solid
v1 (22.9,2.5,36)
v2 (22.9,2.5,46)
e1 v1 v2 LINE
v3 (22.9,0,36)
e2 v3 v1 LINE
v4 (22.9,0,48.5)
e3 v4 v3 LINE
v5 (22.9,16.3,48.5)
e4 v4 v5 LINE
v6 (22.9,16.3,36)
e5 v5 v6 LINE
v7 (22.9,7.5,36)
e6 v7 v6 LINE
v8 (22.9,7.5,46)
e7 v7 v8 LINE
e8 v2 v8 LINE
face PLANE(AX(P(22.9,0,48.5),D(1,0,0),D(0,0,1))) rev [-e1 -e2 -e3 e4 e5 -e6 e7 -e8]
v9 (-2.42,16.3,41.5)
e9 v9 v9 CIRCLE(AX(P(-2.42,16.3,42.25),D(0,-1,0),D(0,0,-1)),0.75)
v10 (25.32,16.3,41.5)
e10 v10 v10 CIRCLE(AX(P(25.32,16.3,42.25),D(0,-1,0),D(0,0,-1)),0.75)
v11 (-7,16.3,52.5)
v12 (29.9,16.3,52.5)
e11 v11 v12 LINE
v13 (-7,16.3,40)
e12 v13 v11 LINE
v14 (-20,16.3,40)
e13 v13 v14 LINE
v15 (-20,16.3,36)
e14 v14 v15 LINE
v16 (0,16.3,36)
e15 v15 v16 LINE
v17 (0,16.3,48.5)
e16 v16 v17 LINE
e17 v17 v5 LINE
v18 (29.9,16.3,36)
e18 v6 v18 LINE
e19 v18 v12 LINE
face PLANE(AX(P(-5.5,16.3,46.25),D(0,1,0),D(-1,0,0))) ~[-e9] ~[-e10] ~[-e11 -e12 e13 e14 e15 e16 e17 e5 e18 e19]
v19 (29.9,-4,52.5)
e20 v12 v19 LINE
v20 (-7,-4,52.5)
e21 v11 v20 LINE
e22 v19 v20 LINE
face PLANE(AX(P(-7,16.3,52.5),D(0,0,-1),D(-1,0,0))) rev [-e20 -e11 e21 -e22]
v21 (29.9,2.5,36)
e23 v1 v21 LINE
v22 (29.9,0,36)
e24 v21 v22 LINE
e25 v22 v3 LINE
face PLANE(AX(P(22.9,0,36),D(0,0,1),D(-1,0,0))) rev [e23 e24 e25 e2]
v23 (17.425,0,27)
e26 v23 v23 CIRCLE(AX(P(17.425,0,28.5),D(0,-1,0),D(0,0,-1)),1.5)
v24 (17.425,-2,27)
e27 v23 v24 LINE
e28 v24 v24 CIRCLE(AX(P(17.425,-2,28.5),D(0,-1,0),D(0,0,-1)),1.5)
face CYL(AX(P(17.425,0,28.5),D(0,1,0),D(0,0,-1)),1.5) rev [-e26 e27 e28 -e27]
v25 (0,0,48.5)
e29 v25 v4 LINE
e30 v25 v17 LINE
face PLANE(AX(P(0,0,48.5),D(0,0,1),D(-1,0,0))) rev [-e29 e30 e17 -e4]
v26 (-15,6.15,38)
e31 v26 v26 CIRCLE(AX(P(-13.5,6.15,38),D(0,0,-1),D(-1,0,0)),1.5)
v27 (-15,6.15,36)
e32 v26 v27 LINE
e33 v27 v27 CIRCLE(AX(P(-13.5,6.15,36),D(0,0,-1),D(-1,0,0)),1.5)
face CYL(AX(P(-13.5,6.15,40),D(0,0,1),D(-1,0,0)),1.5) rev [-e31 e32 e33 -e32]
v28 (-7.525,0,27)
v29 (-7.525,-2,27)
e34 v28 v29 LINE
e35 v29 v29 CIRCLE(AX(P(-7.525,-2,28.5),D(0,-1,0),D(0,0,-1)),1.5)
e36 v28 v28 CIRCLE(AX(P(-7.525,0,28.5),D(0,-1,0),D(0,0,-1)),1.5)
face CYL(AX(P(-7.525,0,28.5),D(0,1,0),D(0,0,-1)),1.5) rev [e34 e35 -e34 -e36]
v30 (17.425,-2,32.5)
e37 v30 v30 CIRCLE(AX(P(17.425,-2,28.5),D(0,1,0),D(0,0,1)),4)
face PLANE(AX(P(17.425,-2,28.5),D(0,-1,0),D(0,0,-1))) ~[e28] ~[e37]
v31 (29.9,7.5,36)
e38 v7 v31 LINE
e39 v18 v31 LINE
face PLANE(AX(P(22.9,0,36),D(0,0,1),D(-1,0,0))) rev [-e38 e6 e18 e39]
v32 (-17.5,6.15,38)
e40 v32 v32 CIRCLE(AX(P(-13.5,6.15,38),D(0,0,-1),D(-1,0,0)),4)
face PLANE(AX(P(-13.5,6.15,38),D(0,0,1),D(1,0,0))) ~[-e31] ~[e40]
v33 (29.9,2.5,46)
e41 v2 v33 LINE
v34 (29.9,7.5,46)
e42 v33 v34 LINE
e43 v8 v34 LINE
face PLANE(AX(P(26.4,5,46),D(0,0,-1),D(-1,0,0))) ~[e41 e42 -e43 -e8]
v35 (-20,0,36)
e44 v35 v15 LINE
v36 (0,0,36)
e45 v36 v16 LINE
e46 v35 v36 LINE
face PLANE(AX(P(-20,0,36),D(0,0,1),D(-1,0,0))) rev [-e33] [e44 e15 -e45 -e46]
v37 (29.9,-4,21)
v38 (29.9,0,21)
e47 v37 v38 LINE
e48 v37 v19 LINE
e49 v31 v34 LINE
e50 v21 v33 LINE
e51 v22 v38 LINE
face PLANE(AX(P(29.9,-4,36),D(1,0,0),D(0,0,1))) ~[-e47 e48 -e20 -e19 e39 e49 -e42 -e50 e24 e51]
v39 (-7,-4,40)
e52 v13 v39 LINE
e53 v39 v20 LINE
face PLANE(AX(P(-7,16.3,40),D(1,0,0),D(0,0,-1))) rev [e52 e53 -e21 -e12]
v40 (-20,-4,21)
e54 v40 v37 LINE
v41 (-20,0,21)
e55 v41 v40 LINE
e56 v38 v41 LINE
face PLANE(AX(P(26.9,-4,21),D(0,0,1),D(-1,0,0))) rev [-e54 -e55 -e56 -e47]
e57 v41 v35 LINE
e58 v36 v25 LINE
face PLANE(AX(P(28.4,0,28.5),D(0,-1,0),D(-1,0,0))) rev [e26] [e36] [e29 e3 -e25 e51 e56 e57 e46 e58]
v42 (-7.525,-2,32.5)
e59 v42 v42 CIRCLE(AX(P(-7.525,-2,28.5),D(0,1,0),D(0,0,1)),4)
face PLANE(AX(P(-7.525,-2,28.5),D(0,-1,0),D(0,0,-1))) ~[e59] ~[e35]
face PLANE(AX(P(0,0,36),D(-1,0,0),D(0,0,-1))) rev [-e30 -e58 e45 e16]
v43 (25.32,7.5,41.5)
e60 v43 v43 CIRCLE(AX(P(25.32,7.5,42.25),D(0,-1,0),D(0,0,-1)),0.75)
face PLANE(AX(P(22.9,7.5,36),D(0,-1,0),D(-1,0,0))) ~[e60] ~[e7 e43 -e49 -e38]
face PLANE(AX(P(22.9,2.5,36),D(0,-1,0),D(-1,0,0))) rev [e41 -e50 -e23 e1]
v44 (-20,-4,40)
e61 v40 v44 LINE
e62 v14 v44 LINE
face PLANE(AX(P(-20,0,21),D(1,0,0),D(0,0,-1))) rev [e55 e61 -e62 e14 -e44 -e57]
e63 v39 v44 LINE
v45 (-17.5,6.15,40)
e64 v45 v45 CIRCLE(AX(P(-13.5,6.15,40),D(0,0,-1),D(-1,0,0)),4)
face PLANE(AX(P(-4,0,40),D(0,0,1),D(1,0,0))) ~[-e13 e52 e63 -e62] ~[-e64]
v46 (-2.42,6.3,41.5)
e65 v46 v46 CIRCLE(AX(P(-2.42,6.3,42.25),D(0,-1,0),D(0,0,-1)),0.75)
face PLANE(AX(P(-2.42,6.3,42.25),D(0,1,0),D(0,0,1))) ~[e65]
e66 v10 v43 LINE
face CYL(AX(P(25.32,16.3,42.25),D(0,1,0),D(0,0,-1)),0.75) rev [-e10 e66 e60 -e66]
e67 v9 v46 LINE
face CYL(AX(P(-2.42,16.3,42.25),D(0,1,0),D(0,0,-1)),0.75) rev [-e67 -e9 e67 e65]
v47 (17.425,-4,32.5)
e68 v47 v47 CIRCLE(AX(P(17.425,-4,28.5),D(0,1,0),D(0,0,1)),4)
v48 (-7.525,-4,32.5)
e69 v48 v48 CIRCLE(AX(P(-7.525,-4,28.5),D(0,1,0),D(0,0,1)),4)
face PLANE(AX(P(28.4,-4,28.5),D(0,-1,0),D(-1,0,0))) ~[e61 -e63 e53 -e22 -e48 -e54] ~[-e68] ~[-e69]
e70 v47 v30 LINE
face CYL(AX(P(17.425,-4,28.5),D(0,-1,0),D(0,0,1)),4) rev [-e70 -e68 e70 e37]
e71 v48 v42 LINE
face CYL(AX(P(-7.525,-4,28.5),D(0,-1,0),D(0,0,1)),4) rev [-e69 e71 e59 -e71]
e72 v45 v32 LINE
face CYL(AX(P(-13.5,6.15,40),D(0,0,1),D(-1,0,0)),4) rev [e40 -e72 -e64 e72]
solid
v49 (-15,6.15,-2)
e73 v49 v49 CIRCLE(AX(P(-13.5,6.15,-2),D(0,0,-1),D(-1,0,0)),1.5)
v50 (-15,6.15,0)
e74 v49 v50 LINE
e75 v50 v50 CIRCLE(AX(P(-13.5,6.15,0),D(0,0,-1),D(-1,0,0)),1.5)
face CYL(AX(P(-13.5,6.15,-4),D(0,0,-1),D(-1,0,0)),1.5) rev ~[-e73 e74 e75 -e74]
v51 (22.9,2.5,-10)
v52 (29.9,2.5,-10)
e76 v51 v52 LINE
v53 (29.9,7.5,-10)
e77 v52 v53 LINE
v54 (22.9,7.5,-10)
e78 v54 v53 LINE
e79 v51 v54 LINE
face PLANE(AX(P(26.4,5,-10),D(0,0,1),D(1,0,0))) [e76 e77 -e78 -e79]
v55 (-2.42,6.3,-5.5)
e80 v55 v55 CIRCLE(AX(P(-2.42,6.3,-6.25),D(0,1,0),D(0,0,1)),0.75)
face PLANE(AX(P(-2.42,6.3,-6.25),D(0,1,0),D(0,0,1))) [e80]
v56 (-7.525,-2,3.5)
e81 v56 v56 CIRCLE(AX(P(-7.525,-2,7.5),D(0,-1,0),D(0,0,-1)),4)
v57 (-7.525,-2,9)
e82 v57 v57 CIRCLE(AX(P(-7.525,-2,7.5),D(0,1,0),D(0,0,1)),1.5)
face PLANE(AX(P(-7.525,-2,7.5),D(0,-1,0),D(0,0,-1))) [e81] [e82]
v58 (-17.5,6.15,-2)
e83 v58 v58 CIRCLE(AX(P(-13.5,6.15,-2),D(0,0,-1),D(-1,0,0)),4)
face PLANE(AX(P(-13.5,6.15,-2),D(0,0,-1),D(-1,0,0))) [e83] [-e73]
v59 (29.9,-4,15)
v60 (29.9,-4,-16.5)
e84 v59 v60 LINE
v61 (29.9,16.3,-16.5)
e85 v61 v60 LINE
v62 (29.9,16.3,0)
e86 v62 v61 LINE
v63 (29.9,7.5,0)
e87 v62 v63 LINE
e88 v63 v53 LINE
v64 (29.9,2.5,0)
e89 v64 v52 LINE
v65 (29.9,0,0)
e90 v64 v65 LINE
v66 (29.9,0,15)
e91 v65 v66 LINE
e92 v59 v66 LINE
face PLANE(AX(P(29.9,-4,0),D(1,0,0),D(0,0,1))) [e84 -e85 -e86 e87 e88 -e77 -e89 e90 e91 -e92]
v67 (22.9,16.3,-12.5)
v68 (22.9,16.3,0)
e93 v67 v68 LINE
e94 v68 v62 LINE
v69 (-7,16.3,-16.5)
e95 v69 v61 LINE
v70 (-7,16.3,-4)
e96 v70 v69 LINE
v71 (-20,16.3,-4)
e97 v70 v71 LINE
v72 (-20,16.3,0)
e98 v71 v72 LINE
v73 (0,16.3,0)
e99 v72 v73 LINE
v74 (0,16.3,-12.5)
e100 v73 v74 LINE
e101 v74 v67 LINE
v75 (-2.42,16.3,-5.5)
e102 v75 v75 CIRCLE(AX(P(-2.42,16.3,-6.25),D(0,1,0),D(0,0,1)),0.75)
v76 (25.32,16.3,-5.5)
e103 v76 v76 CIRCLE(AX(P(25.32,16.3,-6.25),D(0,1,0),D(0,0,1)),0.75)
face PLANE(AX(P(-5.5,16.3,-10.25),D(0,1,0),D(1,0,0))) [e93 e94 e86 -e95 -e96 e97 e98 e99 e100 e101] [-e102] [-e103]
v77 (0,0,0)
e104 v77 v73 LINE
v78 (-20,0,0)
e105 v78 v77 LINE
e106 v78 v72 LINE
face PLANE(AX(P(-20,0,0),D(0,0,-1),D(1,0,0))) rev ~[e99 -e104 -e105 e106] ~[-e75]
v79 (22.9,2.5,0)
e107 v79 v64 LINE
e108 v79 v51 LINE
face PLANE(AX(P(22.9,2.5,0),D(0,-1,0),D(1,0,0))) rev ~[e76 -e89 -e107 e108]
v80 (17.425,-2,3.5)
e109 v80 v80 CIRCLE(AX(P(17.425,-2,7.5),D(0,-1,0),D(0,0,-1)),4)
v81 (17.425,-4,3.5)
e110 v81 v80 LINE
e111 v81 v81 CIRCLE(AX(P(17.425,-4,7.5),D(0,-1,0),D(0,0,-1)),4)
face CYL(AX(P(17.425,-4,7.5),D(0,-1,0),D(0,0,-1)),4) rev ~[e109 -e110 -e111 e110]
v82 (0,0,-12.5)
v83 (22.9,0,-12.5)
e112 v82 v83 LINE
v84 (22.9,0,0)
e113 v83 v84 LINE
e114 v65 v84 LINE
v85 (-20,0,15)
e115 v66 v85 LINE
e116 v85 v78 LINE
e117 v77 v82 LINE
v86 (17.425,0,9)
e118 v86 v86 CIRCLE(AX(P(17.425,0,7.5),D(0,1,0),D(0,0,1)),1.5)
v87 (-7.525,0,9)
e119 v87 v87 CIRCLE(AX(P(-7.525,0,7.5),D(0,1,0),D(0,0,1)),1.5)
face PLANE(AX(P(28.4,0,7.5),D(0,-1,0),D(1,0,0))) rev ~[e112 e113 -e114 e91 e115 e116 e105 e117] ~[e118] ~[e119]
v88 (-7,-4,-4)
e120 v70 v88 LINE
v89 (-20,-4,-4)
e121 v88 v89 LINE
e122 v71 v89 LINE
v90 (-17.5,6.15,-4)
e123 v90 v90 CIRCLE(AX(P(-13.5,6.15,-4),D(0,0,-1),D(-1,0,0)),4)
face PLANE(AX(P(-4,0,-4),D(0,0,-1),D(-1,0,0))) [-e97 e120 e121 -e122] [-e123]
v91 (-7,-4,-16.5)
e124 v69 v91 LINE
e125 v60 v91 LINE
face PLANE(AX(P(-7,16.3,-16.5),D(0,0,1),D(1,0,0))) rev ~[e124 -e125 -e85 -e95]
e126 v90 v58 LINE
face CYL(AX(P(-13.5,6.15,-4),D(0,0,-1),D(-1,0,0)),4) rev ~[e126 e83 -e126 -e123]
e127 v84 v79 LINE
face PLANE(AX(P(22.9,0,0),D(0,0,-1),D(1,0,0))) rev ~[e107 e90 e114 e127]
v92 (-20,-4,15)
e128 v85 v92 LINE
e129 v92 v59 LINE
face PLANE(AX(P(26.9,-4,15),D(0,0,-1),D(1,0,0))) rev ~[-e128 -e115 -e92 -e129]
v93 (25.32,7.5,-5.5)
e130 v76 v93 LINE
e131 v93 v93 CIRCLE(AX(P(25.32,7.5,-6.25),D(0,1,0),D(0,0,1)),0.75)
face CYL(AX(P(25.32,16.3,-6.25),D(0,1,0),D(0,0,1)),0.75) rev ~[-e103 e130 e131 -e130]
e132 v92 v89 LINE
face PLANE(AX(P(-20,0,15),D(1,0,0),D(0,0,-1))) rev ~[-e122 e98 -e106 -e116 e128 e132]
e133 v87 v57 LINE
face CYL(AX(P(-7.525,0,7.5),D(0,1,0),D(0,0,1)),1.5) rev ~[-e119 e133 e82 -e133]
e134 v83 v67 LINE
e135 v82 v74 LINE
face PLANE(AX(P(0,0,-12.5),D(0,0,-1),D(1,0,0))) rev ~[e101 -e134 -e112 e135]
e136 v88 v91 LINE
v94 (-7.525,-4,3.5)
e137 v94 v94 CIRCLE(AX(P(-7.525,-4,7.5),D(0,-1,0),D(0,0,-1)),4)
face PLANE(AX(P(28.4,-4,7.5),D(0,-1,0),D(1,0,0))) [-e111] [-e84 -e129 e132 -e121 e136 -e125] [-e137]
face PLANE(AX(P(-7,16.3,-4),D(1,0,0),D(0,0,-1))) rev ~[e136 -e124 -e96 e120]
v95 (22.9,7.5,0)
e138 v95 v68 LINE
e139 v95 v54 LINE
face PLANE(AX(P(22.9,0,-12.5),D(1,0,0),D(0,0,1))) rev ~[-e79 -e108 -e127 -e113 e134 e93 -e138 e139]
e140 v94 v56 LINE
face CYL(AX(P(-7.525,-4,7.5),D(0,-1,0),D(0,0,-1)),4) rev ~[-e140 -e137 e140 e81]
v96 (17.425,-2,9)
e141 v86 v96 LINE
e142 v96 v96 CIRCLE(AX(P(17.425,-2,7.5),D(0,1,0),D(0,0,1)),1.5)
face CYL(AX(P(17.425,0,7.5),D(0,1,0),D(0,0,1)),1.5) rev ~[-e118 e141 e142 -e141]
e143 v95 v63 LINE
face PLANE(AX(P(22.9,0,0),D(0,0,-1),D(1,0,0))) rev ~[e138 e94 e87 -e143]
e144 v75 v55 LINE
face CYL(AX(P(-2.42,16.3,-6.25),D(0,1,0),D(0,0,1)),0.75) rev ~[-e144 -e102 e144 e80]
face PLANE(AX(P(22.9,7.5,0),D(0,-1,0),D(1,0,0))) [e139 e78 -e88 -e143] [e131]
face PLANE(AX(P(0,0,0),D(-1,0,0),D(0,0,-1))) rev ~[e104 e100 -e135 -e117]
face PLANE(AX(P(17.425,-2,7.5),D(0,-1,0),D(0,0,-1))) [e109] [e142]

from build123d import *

# Parameters (mm, degrees)
EXTRUDE_THIN1_DEPTH = 16.3
BOSS_EXTRUDE1_DEPTH = 4
SKETCH3_W           = 3
SKETCH3_H           = 12.5
SKETCH3_H_2         = 16.5
BOSS_EXTRUDE2_DEPTH = 20.3
SKETCH4_W           = 3
SKETCH4_H           = 15
BOSS_EXTRUDE3_DEPTH = 4
SKETCH6_R           = 1.5
CUT_EXTRUDE1_DEPTH  = 38.841115206
SKETCH7_R           = 4
CUT_EXTRUDE2_DEPTH  = 2
SKETCH8_R           = 1.5
CUT_EXTRUDE3_DEPTH  = 39.996153656
SKETCH9_R           = 4
CUT_EXTRUDE4_DEPTH  = 2
SKETCH10_R          = 0.75
CUT_EXTRUDE5_DEPTH  = 10
SKETCH11_W          = 7
SKETCH11_H          = 5
CUT_EXTRUDE6_DEPTH  = 10


with BuildPart() as part:
    # Sketch1 → Extrude-Thin1 (new body)
    with BuildSketch(Plane(origin=(0, 0, 0), x_dir=(1, 0, 0), z_dir=(0, 1, 0))):
        Polygon((-20, 0), (0, 0), (0, 12.5), (22.9, 12.5), (22.9, 0), (26.9, 0), (26.9, 16.5), (-4, 16.5), (-4, 4), (-20, 4), align=None)
    extrude(amount=EXTRUDE_THIN1_DEPTH)

    # Sketch2 → Boss-Extrude1 (add)
    with BuildSketch(Plane.XZ):
        Polygon((-20, 0), (-20, 15), (26.9, 15), (26.9, 0), (26.9, -16.5), (-4, -16.5), (-4, -4), (-20, -4), align=None)
    extrude(amount=BOSS_EXTRUDE1_DEPTH)

    # Sketch3 → Boss-Extrude2 (add)
    with BuildSketch(Plane(origin=(0, 16.3, 0), x_dir=(1, 0, 0), z_dir=(0, 1, 0))):
        with Locations((-5.5, 10.25)):
            Rectangle(SKETCH3_W, SKETCH3_H)
        with Locations((28.4, 8.25)):
            Rectangle(SKETCH3_W, SKETCH3_H_2)
    extrude(amount=-BOSS_EXTRUDE2_DEPTH)

    # Sketch4 → Boss-Extrude3 (add)
    with BuildSketch(Plane.XZ.offset(4)):
        with Locations((28.4, 7.5)):
            Rectangle(SKETCH4_W, SKETCH4_H)
    extrude(amount=-BOSS_EXTRUDE3_DEPTH)

    # Sketch6 → Cut-Extrude1 (cut, through all)
    with BuildSketch(Plane(origin=(0, 0, 0), x_dir=(1, 0, 0), z_dir=(0, 1, 0))):
        with Locations(Location((-7.525, -7.5, 0), (0, 0, 270))):
            Circle(SKETCH6_R)
        with Locations(Location((17.425, -7.5, 0), (0, 0, 270))):
            Circle(SKETCH6_R)
    extrude(amount=-CUT_EXTRUDE1_DEPTH, mode=Mode.SUBTRACT)

    # Sketch7 → Cut-Extrude2 (cut)
    with BuildSketch(Plane.XZ.offset(4)):
        with Locations(Location((-7.525, 7.5, 0), (0, 0, 270))):
            Circle(SKETCH7_R)
        with Locations(Location((17.425, 7.5, 0), (0, 0, 270))):
            Circle(SKETCH7_R)
    extrude(amount=-CUT_EXTRUDE2_DEPTH, mode=Mode.SUBTRACT)

    # Sketch8 → Cut-Extrude3 (cut, through all)
    with BuildSketch(Plane(origin=(0, 0, -4), x_dir=(-1, 0, 0), z_dir=(0, 0, -1))):
        with Locations((13.5, 6.15)):
            Circle(SKETCH8_R)
    extrude(amount=-CUT_EXTRUDE3_DEPTH, mode=Mode.SUBTRACT)

    # Sketch9 → Cut-Extrude4 (cut)
    with BuildSketch(Plane(origin=(0, 0, -4), x_dir=(-1, 0, 0), z_dir=(0, 0, -1))):
        with Locations((13.5, 6.15)):
            Circle(SKETCH9_R)
    extrude(amount=-CUT_EXTRUDE4_DEPTH, mode=Mode.SUBTRACT)

    # Sketch10 → Cut-Extrude5 (cut)
    with BuildSketch(Plane(origin=(0, 16.3, 0), x_dir=(1, 0, 0), z_dir=(0, 1, 0))):
        with Locations(Location((-2.42, 6.25, 0), (0, 0, 270))):
            Circle(SKETCH10_R)
        with Locations(Location((25.32, 6.25, 0), (0, 0, 270))):
            Circle(SKETCH10_R)
    extrude(amount=-CUT_EXTRUDE5_DEPTH, mode=Mode.SUBTRACT)

    # Sketch11 → Cut-Extrude6 (cut)
    with BuildSketch(Plane.XY):
        with Locations((26.4, 5)):
            Rectangle(SKETCH11_W, SKETCH11_H)
    extrude(amount=-CUT_EXTRUDE6_DEPTH, mode=Mode.SUBTRACT)


with BuildPart() as body_2:
    # Mirror2: mirrored copy
    add(part.part.mirror(Plane.XY.offset(18)))


solid = Compound([part.part, body_2.part])
